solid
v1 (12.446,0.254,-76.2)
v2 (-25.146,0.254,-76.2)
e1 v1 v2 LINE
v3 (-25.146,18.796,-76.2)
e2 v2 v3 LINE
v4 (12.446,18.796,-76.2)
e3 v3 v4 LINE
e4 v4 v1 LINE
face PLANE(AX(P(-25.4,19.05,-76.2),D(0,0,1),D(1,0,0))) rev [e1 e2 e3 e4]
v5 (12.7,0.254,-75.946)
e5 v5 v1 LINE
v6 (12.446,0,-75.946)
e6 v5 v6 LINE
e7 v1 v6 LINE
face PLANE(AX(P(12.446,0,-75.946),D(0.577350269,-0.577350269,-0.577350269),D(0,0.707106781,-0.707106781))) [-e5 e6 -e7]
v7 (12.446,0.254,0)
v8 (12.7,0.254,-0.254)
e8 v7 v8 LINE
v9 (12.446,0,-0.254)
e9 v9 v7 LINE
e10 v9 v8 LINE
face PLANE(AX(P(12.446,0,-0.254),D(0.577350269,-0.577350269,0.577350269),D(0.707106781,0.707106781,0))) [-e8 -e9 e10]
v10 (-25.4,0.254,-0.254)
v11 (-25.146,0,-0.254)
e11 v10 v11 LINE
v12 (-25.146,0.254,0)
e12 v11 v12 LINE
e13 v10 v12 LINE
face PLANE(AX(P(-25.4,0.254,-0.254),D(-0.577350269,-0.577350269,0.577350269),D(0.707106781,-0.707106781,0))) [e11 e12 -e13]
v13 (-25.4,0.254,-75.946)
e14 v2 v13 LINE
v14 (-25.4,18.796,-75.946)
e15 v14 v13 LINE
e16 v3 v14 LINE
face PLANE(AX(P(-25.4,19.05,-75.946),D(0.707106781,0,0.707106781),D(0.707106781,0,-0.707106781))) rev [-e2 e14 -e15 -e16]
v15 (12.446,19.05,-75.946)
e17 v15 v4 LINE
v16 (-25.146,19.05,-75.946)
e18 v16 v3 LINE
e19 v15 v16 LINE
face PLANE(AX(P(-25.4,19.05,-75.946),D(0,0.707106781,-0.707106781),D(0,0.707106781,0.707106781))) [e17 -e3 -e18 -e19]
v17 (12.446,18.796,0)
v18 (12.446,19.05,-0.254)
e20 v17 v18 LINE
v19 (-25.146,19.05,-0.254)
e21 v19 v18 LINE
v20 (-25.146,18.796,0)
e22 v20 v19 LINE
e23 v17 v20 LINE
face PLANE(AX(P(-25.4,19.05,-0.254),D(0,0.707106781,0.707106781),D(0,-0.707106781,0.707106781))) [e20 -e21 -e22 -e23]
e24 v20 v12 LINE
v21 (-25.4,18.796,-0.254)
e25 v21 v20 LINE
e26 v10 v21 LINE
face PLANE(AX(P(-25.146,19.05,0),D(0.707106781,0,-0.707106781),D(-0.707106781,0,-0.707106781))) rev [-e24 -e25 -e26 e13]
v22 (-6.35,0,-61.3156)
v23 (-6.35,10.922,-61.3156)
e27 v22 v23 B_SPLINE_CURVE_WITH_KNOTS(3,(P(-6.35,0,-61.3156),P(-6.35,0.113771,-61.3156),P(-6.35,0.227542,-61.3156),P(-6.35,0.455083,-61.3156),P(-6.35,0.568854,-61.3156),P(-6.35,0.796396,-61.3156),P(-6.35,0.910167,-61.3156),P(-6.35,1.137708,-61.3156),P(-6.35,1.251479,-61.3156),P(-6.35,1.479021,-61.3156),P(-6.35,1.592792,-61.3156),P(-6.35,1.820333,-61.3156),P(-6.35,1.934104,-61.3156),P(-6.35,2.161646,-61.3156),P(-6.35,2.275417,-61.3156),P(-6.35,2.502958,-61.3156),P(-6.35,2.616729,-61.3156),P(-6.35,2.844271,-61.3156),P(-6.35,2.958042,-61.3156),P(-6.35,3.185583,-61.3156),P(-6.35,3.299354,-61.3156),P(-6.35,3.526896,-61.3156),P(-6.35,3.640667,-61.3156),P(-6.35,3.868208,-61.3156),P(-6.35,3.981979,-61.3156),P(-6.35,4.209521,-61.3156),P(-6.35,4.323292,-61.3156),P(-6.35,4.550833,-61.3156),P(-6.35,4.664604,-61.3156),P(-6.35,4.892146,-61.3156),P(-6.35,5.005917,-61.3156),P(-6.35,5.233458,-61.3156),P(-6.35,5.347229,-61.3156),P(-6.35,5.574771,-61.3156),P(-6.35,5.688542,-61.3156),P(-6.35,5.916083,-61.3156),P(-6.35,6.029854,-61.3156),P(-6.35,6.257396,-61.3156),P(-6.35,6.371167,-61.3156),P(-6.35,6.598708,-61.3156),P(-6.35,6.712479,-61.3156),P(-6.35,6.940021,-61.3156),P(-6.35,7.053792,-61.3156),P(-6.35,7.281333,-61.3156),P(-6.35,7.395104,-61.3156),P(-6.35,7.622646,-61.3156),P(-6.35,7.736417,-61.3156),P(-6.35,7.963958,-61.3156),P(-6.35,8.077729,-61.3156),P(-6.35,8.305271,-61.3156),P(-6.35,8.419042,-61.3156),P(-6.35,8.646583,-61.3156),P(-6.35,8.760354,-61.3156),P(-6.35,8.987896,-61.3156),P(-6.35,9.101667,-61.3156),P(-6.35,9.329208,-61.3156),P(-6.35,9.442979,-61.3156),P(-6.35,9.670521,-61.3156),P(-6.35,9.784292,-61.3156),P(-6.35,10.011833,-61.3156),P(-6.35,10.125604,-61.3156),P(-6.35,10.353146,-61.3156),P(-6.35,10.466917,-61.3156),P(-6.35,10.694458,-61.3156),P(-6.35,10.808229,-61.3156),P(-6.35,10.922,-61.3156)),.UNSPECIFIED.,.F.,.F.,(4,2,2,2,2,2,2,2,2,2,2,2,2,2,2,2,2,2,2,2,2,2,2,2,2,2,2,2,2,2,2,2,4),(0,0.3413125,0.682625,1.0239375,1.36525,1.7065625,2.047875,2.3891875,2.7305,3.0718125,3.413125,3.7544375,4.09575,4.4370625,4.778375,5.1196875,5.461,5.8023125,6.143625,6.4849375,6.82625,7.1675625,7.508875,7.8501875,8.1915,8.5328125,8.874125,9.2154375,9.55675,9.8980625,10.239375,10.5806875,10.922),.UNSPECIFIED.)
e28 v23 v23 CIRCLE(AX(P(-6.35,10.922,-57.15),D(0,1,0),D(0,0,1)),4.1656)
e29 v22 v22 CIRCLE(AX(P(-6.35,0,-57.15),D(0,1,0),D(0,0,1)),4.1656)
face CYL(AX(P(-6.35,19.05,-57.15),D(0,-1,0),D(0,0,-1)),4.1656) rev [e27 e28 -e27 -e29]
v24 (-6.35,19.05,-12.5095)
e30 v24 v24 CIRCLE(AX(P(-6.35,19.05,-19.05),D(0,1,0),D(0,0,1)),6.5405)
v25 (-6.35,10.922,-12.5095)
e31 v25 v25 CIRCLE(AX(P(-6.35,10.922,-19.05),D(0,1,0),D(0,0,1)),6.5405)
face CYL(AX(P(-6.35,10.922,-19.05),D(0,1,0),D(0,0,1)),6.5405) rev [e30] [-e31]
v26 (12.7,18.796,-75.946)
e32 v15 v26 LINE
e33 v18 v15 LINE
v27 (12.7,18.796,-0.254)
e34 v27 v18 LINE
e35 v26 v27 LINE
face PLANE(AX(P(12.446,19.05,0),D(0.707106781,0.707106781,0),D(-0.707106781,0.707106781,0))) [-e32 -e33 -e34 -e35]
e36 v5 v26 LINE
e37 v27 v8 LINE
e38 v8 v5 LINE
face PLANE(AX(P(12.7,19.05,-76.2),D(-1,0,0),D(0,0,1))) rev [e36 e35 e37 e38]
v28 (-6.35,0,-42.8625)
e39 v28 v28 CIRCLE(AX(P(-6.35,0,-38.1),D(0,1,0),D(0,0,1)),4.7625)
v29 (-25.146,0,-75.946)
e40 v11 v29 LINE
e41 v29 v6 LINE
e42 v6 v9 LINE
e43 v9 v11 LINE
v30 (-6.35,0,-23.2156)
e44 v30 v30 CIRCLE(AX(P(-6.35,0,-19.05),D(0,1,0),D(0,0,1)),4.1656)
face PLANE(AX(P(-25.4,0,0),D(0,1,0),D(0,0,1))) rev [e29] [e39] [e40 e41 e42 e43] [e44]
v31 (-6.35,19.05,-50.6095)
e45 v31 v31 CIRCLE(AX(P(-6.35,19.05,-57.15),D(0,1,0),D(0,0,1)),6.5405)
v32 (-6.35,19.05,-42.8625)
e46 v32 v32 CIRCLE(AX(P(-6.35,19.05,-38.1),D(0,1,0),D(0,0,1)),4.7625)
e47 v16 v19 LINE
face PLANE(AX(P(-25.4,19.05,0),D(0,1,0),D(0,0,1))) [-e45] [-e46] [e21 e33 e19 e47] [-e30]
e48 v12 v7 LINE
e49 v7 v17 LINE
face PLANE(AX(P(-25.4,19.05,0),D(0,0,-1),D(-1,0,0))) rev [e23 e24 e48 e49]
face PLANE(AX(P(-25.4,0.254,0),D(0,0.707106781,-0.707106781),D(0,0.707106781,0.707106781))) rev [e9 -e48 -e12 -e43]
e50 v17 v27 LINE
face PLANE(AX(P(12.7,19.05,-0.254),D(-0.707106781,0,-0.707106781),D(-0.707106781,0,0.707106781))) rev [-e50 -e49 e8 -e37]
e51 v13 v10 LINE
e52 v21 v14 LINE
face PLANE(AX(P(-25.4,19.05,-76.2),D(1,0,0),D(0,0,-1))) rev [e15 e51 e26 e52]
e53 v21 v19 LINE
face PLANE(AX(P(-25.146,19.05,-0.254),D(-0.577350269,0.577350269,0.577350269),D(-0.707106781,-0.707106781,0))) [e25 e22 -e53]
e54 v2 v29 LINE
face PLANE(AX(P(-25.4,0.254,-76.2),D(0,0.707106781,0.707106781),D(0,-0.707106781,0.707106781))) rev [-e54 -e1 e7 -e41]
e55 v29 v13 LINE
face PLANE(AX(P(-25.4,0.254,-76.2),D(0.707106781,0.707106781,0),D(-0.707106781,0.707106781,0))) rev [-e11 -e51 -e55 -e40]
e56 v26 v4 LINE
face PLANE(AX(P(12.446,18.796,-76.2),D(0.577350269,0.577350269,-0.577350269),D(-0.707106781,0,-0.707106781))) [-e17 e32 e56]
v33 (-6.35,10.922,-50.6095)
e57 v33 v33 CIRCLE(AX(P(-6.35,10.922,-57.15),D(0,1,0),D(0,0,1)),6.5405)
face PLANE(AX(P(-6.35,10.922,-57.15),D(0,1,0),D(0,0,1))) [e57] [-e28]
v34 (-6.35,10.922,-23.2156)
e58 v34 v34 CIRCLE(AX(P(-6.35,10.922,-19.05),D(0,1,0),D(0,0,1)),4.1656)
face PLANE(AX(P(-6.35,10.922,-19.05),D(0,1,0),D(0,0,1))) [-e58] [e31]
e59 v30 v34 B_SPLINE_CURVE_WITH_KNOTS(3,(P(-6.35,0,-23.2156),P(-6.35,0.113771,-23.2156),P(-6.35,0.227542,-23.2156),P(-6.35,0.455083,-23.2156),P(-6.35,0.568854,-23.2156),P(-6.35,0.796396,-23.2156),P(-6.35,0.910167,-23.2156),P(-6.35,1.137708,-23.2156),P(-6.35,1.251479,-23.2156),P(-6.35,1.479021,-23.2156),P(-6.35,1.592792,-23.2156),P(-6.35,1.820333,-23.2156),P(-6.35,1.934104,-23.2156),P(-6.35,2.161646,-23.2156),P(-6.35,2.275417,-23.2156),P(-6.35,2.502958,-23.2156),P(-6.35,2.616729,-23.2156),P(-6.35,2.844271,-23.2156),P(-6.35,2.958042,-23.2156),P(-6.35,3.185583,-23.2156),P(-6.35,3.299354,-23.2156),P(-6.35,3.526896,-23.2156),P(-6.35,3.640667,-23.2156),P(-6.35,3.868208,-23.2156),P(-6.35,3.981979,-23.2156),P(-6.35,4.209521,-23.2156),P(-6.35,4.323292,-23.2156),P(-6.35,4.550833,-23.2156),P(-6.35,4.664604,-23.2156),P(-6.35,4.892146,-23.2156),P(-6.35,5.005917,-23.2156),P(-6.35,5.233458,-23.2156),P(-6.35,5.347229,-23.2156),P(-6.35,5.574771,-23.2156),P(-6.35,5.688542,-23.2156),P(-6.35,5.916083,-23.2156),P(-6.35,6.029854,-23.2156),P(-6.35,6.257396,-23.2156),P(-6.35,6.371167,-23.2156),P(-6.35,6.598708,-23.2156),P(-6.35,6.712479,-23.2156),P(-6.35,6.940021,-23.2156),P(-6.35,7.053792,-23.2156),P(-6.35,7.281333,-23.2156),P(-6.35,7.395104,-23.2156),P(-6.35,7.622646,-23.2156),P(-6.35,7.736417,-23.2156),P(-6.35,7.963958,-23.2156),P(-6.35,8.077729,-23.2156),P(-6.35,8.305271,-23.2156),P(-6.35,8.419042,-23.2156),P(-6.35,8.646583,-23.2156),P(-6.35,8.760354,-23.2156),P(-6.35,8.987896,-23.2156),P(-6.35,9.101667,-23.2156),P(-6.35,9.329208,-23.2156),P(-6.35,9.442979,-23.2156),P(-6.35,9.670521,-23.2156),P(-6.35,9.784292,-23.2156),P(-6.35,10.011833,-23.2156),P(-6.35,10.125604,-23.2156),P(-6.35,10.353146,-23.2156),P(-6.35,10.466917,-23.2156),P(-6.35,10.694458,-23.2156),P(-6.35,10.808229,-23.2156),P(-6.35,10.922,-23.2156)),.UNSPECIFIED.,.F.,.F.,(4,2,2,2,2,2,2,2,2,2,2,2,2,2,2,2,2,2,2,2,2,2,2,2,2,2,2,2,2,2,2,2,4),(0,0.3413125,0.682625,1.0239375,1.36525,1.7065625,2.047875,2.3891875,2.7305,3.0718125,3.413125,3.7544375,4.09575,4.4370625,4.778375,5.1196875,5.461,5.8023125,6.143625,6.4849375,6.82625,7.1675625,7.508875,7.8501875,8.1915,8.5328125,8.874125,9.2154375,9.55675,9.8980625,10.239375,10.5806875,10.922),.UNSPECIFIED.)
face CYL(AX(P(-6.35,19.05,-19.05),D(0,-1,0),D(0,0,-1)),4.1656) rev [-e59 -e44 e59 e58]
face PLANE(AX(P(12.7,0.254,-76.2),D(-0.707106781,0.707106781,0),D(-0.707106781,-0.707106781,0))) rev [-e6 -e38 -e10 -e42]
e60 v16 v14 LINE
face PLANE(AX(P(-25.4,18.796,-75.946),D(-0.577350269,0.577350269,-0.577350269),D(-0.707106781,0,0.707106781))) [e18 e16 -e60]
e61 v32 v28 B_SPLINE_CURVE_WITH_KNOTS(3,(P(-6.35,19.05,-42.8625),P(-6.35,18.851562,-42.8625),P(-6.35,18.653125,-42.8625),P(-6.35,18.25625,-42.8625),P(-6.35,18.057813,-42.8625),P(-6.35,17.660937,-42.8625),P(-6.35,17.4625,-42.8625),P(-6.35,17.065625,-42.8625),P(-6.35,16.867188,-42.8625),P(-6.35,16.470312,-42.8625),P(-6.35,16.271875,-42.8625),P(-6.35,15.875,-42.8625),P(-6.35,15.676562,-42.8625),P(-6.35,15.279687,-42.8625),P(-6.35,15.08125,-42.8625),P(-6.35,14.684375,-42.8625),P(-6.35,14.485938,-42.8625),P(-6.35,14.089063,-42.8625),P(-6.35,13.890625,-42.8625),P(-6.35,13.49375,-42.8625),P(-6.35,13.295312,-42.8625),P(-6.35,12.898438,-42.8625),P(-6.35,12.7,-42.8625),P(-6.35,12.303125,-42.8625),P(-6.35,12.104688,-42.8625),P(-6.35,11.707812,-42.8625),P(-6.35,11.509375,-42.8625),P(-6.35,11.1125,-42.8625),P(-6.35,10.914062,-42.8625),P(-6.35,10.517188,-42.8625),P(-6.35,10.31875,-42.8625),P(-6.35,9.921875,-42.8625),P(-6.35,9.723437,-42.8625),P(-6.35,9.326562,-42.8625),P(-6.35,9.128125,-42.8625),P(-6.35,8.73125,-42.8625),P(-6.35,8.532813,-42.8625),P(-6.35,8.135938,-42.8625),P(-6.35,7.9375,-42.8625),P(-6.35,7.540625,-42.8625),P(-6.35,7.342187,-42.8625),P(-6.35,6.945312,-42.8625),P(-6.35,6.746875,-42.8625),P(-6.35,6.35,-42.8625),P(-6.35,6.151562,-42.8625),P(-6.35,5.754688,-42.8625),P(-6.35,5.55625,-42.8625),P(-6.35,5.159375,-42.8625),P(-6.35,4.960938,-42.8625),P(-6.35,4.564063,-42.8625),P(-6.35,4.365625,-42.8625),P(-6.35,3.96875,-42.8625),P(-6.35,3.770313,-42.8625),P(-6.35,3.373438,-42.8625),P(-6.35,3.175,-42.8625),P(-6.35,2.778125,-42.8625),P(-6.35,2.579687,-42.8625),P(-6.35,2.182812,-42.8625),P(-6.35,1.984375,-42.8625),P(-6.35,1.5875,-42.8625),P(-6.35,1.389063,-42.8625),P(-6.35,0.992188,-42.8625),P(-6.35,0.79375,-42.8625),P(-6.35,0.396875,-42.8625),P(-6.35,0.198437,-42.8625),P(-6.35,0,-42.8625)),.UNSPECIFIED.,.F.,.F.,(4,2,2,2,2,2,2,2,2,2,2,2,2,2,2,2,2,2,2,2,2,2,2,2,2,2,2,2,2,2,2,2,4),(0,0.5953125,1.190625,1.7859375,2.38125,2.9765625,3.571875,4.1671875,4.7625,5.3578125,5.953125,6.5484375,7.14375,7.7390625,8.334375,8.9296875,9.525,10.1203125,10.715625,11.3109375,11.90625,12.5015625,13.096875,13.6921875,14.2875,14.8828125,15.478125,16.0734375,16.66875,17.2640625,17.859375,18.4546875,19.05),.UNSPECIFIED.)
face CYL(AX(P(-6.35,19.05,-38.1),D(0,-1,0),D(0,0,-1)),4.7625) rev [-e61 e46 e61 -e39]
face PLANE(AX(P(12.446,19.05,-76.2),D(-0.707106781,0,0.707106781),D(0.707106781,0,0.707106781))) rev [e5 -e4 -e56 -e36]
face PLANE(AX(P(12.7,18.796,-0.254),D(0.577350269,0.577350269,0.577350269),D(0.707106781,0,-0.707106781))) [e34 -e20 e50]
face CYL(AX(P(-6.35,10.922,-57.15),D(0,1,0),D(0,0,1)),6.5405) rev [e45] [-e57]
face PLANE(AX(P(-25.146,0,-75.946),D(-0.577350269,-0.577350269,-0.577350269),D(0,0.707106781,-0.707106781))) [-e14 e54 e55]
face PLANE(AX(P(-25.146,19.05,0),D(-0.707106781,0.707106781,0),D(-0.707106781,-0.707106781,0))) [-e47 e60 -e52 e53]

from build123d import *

# Parameters (mm, degrees)
SKETCH1_W          = 38.1
SKETCH1_H          = 76.2
SKETCH1_R          = 4.1656
SKETCH1_R_2        = 4.7625
EXTRUDE1_DEPTH     = 19.05
SKETCH2_R          = 6.5405
CUT_EXTRUDE1_DEPTH = 8.128
CHAMFER1_SIZE      = 0.254


with BuildPart() as part:
    # Sketch1 → Extrude1 (new body)
    with BuildSketch(Plane(origin=(0, 0, 0), x_dir=(1, 0, 0), z_dir=(0, 1, 0))):
        with Locations((-6.35, 38.1)):
            Rectangle(SKETCH1_W, SKETCH1_H)
        with Locations(Location((-6.35, 57.15, 0), (0, 0, 90))):
            Circle(SKETCH1_R, mode=Mode.SUBTRACT)
        with Locations(Location((-6.35, 19.05, 0), (0, 0, 90))):
            Circle(SKETCH1_R, mode=Mode.SUBTRACT)
        with Locations(Location((-6.35, 38.1, 0), (0, 0, 90))):
            Circle(SKETCH1_R_2, mode=Mode.SUBTRACT)
    extrude(amount=EXTRUDE1_DEPTH)

    # Sketch2 → Cut-Extrude1 (cut)
    with BuildSketch(Plane(origin=(0, 19.05, 0), x_dir=(1, 0, 0), z_dir=(0, 1, 0))):
        with Locations(Location((-6.35, 57.15, 0), (0, 0, 270))):
            Circle(SKETCH2_R)
        with Locations(Location((-6.35, 19.05, 0), (0, 0, 270))):
            Circle(SKETCH2_R)
    extrude(amount=-CUT_EXTRUDE1_DEPTH, mode=Mode.SUBTRACT)

    # Chamfer1
    chamfer1_edges = [part.edges().sort_by_distance(p)[0] for p in [
        (12.7, 19.05, -38.1),
        (-6.35, 19.05, -76.2),
        (-25.4, 19.05, -38.1),
        (-6.35, 0, -76.2),
        (12.7, 0, -38.1),
        (-6.35, 0, 0),
        (-25.4, 0, -38.1),
        (-6.35, 19.05, 0),
        (-25.4, 9.525, -76.2),
        (12.7, 9.525, -76.2),
        (12.7, 9.525, 0),
        (-25.4, 9.525, 0),
    ]]
    chamfer(chamfer1_edges, length=CHAMFER1_SIZE)


solid = part.part
